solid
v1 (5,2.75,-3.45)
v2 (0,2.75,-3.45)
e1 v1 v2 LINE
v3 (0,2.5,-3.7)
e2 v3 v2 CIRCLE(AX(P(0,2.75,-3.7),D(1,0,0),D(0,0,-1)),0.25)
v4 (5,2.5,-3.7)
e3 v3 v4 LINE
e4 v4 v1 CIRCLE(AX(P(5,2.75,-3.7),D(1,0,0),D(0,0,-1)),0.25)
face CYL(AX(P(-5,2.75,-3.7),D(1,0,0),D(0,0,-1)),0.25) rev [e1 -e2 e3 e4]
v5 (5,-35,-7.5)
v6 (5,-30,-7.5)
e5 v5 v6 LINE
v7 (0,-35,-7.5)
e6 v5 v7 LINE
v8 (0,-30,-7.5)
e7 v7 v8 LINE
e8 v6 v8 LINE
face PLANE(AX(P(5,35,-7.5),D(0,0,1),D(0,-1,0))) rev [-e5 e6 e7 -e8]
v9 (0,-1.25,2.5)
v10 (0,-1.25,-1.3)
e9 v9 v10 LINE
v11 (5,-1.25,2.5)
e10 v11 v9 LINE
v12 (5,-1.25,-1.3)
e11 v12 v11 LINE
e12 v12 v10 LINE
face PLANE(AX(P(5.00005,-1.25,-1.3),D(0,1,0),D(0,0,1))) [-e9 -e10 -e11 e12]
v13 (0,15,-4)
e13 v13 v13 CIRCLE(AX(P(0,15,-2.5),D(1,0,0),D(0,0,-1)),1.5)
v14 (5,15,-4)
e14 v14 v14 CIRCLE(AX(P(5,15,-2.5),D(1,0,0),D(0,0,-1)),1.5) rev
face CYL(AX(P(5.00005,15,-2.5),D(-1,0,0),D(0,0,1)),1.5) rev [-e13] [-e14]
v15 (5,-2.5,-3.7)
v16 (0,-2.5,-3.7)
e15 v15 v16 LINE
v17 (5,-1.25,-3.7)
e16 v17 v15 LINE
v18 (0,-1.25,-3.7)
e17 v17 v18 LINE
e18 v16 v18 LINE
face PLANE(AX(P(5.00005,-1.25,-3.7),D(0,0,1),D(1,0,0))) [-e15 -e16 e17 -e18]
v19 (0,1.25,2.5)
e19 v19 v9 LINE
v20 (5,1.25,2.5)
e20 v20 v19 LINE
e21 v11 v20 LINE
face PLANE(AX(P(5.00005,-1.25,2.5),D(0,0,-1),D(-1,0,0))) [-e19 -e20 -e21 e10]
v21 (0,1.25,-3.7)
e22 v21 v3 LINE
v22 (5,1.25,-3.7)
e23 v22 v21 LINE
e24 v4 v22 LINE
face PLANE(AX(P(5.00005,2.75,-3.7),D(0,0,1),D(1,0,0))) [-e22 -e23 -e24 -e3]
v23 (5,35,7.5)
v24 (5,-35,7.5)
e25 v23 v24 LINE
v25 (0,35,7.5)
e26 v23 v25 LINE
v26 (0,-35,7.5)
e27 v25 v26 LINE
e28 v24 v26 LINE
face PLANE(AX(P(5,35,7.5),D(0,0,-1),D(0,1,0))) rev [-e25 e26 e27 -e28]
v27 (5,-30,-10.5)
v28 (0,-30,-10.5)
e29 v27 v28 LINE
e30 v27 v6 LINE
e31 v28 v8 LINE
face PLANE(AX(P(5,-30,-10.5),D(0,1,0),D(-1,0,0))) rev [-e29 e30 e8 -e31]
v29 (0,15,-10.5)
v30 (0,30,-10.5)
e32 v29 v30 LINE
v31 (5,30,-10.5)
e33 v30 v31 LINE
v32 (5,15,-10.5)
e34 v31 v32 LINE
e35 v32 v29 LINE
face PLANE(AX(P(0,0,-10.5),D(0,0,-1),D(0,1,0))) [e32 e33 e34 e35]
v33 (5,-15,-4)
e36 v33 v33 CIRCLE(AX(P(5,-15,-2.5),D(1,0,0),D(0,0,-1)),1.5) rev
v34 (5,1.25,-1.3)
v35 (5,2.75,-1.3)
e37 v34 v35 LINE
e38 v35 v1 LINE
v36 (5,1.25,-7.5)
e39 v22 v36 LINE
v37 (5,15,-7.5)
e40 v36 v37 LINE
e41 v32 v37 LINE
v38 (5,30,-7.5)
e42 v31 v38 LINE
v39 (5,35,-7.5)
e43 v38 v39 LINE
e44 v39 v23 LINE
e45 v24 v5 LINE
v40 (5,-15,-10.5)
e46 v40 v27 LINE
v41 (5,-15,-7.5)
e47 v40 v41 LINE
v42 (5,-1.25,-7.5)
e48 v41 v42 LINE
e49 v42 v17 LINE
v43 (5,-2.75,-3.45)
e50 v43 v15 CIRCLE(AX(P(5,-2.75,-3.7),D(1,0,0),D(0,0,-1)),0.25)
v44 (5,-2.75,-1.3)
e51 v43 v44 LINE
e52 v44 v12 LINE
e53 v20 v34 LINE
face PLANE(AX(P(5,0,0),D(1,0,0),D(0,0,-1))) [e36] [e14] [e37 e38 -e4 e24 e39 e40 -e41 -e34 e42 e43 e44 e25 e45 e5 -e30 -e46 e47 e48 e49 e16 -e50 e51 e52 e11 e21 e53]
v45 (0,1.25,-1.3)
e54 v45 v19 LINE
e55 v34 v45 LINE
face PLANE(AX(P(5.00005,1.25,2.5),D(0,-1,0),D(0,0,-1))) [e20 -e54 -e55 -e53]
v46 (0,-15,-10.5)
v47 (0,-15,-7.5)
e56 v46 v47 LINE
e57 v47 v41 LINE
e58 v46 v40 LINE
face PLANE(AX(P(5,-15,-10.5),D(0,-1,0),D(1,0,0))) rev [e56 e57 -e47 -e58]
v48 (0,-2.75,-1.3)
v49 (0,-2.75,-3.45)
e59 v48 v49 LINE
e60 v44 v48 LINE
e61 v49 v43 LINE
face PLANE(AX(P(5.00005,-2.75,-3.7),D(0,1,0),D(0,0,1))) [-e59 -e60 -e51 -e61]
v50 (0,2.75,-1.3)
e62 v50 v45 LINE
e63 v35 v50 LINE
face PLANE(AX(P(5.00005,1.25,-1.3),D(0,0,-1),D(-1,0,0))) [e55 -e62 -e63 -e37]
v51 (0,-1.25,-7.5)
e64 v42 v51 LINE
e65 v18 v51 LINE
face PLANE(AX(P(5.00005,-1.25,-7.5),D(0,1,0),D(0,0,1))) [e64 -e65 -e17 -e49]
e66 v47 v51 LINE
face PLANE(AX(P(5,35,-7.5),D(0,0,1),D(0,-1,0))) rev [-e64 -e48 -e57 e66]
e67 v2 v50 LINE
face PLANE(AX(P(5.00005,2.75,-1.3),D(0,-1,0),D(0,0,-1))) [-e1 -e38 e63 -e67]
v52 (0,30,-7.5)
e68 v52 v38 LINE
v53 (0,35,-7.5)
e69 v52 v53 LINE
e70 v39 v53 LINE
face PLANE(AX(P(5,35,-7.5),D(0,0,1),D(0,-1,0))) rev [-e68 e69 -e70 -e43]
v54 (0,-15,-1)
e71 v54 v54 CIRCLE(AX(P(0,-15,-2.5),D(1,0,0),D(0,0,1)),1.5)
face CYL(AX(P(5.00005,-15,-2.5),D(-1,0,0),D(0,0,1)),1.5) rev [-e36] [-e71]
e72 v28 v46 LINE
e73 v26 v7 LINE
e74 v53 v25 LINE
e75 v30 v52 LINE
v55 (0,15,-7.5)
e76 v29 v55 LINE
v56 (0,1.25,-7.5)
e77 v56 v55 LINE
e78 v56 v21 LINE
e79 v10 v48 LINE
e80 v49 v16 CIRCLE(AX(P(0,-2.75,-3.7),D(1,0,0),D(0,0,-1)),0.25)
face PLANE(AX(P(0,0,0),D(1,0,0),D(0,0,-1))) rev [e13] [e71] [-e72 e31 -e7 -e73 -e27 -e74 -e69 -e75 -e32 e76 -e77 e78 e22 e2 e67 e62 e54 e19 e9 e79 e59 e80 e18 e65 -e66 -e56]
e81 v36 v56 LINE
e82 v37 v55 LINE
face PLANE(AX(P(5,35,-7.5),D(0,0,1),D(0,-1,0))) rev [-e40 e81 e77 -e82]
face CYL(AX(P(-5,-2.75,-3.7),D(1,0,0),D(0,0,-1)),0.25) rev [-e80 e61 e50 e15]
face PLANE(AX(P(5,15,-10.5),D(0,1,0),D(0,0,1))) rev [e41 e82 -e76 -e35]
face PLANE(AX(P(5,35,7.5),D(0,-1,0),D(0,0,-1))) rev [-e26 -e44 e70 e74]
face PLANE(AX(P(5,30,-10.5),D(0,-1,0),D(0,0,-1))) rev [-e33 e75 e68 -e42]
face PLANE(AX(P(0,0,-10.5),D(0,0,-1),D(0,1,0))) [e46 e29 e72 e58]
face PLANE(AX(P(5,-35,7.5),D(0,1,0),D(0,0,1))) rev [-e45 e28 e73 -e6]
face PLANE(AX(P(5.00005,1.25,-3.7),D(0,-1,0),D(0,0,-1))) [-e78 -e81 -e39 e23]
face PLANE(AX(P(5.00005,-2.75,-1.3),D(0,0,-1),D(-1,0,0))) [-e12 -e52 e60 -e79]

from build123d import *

# Parameters (mm, degrees)
SCHIZZO1_W                   = 15
SCHIZZO1_H                   = 70
ESTRUSIONE_ESTRUSIONE1_DEPTH = 5
SCHIZZO2_W                   = 5
SCHIZZO2_H                   = 15
ESTRUSIONE_ESTRUSIONE2_DEPTH = 3
SCHIZZO4_R                   = 1.5
TAGLIO_ESTRUSIONE2_DEPTH     = 6
SCHIZZO5_R                   = 0.25
TAGLIO_ESTRUSIONE3_DEPTH     = 10


with BuildPart() as part:
    # Schizzo1 → Estrusione-Estrusione1 (new body)
    with BuildSketch(Plane(origin=(0, 0, 0), x_dir=(0, 0, -1), z_dir=(1, 0, 0))):
        Rectangle(SCHIZZO1_W, SCHIZZO1_H)
    extrude(amount=ESTRUSIONE_ESTRUSIONE1_DEPTH)

    # Schizzo2 → Estrusione-Estrusione2 (add)
    with BuildSketch(Plane(origin=(0, 0, -7.5), x_dir=(-1, 0, 0), z_dir=(0, 0, -1))):
        with Locations((-2.5, 22.5)):
            Rectangle(SCHIZZO2_W, SCHIZZO2_H)
        with Locations((-2.5, -22.5)):
            Rectangle(SCHIZZO2_W, SCHIZZO2_H)
    extrude(amount=ESTRUSIONE_ESTRUSIONE2_DEPTH)

    # Schizzo4 → Taglio-Estrusione2 (cut, through all)
    with BuildSketch(Plane(origin=(0, 0, 0), x_dir=(0, 0, -1), z_dir=(1, 0, 0))):
        with Locations((2.5, 15)):
            Circle(SCHIZZO4_R)
        with Locations((2.5, -15)):
            Circle(SCHIZZO4_R)
        Polygon((-2.5, 1.25), (1.3, 1.25), (1.3, 2.75), (3.7, 2.75), (3.7, 1.25), (7.5, 1.25), (7.5, -1.25), (3.7, -1.25), (3.7, -2.75), (1.3, -2.75), (1.3, -1.25), (-2.5, -1.25), align=None)
    extrude(amount=TAGLIO_ESTRUSIONE2_DEPTH, mode=Mode.SUBTRACT)

    # Schizzo5 → Taglio-Estrusione3 (cut)
    with BuildSketch(Plane(origin=(5, 0, 0), x_dir=(0, 0, -1), z_dir=(1, 0, 0))):
        with Locations((3.7, 2.75)):
            Circle(SCHIZZO5_R)
        with Locations((3.7, -2.75)):
            Circle(SCHIZZO5_R)
    extrude(amount=-TAGLIO_ESTRUSIONE3_DEPTH, mode=Mode.SUBTRACT)


solid = part.part
